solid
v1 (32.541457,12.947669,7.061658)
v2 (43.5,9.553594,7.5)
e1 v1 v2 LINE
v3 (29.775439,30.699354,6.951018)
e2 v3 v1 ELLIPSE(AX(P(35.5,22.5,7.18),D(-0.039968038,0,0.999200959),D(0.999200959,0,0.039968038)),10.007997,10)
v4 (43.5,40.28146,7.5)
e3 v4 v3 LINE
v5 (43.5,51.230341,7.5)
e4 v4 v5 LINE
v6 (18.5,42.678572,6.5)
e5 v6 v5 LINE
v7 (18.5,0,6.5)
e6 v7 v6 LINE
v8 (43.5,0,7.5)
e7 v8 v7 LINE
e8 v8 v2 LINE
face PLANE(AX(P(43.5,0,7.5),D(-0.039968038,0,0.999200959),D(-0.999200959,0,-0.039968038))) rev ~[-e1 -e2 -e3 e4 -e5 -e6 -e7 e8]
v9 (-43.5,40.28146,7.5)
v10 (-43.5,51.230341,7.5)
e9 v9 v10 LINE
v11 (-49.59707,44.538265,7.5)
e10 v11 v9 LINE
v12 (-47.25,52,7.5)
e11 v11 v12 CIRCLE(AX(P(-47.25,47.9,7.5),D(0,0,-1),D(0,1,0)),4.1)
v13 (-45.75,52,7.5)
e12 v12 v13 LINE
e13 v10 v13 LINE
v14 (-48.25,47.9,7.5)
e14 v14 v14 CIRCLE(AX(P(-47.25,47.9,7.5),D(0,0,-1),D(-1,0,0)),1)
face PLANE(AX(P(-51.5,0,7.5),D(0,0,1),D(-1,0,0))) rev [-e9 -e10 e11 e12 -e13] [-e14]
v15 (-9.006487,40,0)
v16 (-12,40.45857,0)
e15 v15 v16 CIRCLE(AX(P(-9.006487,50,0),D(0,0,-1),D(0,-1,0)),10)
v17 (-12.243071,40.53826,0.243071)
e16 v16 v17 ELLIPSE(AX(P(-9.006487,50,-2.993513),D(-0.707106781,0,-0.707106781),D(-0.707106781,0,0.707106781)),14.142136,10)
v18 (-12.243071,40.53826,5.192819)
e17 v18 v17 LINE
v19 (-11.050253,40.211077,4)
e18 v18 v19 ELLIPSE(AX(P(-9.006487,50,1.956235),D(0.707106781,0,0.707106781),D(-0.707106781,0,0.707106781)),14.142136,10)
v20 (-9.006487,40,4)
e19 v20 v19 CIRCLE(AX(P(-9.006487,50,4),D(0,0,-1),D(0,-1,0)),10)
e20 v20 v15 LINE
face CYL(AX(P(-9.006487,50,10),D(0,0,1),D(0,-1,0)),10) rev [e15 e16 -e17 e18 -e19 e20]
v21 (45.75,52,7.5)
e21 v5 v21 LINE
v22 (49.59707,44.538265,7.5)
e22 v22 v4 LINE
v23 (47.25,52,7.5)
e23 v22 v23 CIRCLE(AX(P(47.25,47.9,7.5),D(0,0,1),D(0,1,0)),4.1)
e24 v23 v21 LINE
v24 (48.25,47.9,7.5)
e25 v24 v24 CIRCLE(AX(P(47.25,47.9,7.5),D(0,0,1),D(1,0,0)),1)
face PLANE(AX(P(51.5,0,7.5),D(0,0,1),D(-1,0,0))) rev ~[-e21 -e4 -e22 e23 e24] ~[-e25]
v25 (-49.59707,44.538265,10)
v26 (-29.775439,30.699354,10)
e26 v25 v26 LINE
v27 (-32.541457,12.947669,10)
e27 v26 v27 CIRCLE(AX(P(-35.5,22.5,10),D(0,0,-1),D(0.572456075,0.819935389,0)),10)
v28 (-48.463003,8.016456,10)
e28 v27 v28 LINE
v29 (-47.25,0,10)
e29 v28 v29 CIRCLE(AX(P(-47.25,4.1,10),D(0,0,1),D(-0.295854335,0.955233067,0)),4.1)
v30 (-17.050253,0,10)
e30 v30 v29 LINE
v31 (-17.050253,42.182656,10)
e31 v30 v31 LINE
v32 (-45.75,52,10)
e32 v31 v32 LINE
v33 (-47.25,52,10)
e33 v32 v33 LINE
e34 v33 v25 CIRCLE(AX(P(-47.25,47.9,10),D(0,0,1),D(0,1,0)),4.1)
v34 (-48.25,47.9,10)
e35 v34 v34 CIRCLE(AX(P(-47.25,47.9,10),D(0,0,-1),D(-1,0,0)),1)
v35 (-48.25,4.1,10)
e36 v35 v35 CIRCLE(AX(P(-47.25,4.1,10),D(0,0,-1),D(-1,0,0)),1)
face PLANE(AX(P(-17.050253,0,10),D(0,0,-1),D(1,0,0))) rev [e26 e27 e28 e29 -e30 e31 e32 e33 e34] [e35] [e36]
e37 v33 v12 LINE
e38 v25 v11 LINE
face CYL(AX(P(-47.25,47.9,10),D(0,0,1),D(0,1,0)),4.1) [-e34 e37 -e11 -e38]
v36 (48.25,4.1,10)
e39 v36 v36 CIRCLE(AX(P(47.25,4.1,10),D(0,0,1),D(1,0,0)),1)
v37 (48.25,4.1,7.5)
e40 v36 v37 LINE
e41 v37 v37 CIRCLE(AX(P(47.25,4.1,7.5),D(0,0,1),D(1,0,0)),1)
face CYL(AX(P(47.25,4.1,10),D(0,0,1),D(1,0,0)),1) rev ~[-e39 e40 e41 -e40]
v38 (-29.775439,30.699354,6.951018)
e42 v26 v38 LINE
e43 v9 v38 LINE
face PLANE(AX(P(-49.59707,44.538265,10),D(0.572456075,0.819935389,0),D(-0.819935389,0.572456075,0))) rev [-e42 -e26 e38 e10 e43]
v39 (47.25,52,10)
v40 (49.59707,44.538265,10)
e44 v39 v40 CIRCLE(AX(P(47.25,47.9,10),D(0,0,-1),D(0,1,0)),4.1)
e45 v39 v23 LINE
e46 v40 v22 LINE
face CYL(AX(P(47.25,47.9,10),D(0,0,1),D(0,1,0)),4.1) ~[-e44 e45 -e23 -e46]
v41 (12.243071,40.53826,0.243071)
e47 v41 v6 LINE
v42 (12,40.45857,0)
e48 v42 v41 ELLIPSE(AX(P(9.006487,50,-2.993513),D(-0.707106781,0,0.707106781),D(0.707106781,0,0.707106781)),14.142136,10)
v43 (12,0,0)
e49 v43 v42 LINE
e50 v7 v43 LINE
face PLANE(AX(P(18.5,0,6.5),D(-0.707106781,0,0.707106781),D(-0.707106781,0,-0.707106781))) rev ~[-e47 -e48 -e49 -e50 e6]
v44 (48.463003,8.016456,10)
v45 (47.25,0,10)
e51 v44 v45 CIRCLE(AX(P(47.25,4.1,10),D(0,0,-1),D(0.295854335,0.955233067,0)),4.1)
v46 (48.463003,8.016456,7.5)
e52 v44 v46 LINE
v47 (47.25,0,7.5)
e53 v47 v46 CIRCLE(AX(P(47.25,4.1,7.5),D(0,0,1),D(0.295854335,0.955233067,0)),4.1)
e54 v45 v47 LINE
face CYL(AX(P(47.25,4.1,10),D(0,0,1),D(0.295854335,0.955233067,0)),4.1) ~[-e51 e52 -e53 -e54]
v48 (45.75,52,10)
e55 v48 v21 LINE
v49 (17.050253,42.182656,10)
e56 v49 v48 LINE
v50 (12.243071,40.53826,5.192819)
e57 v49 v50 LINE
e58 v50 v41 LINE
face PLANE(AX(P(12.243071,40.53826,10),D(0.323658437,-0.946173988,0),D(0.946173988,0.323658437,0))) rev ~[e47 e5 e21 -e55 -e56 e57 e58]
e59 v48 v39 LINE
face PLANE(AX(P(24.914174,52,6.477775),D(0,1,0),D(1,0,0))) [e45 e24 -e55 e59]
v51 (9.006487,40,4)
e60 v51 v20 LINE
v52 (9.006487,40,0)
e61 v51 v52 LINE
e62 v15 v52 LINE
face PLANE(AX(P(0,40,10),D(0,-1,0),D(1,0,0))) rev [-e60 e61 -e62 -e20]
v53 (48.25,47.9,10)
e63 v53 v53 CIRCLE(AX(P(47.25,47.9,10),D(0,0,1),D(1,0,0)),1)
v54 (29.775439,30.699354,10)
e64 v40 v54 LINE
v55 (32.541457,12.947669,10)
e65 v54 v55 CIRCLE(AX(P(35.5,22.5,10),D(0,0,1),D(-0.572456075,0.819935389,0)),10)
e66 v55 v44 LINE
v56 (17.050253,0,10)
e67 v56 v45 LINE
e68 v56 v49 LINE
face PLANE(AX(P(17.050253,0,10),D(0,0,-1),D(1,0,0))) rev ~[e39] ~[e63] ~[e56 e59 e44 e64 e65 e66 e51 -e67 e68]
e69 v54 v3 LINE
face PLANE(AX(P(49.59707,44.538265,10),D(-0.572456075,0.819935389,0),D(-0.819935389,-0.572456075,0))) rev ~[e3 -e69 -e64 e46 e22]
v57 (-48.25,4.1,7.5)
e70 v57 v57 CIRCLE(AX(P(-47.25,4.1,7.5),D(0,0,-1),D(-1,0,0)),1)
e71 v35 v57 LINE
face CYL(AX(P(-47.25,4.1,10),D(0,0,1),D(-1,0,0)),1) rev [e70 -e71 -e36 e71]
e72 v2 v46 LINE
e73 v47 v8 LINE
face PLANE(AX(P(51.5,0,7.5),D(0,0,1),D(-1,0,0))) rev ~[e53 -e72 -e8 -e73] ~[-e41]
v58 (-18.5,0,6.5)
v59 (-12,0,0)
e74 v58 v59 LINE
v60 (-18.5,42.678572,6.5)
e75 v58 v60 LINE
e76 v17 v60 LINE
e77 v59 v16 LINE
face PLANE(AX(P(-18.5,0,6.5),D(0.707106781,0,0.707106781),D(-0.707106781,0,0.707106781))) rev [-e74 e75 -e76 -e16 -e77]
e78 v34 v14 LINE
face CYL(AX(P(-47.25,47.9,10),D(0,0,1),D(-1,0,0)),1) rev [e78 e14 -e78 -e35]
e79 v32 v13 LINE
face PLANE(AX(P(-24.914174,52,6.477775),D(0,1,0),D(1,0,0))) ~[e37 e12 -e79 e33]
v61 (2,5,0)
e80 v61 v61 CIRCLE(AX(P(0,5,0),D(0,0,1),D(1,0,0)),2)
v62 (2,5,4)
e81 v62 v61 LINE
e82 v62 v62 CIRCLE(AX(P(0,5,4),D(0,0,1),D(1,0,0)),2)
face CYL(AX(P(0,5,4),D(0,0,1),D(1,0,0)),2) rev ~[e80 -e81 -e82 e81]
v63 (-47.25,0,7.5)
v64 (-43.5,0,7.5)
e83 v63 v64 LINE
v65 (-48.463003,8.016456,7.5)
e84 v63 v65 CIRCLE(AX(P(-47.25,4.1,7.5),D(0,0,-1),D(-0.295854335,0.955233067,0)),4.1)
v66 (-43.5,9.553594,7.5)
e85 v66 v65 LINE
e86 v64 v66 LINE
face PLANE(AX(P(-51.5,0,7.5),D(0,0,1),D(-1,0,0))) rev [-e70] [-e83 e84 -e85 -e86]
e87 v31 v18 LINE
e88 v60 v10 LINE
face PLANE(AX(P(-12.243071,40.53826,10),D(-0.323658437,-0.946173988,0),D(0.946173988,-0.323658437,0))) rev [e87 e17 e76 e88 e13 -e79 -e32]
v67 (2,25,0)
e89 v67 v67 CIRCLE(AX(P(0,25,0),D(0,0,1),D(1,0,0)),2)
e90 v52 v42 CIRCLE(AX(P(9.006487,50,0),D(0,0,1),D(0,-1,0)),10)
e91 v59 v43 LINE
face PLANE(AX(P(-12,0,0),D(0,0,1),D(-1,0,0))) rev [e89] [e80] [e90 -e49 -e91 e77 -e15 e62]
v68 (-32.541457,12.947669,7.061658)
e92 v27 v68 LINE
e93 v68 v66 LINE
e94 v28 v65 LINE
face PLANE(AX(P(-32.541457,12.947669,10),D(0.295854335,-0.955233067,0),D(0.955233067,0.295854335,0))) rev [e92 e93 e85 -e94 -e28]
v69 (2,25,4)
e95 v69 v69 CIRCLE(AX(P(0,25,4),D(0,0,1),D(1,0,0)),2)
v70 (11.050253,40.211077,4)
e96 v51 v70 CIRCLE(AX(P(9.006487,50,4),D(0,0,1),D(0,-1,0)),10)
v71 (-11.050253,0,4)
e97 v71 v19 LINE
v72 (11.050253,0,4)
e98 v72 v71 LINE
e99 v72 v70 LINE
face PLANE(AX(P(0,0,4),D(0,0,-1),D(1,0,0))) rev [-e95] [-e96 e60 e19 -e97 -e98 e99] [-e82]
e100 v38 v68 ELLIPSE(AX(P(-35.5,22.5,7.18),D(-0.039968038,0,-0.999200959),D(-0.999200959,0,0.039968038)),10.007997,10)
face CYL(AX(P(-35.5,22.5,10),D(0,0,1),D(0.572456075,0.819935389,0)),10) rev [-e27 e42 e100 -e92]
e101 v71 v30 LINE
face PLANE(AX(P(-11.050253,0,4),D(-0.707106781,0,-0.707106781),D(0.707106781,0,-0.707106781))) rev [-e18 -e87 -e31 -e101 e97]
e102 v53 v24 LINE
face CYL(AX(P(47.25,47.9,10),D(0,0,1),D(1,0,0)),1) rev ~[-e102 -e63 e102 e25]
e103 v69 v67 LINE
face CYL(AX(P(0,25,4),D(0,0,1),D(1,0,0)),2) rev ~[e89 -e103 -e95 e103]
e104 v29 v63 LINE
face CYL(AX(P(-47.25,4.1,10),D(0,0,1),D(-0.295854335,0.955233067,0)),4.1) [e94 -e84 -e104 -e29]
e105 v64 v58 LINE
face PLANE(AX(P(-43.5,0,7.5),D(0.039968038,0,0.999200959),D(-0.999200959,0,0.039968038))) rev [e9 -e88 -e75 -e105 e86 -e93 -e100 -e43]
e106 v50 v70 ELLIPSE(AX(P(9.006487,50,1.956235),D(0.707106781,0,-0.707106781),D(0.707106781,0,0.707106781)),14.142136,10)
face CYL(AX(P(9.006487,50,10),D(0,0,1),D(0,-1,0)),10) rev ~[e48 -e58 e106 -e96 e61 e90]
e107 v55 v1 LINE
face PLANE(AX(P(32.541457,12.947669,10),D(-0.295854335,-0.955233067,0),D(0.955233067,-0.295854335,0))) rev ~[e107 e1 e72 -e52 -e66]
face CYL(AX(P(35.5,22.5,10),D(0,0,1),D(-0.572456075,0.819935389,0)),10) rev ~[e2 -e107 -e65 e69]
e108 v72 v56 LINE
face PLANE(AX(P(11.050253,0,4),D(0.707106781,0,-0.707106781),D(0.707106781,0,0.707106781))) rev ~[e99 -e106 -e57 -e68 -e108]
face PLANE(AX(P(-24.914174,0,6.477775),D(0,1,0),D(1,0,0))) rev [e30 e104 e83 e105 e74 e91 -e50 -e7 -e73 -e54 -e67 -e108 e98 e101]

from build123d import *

# Parameters (mm, degrees)
BOSS_EXTRUDE1_DEPTH = 52
SKETCH2_R           = 1
CUT_EXTRUDE1_DEPTH  = 11
SKETCH3_R           = 2
CUT_EXTRUDE2_DEPTH  = 5


with BuildPart() as part:
    # Sketch1 → Boss-Extrude1 (new body)
    with BuildSketch(Plane(origin=(0, 0, 0), x_dir=(1, 0, 0), z_dir=(0, 1, 0))):
        Polygon((0, 0), (0, -4), (11.050252532, -4), (17.050252532, -10), (51.5, -10), (51.5, -7.5), (43.5, -7.5), (18.5, -6.5), (12, 0), align=None)
    extrude(amount=BOSS_EXTRUDE1_DEPTH)

    # Sketch2 → Cut-Extrude1 (cut, through all)
    with BuildSketch(Plane.XY.offset(10)):
        with Locations((47.25, 47.9)):
            Circle(SKETCH2_R)
        with Locations((47.25, 4.1)):
            Circle(SKETCH2_R)
        with BuildLine():
            Line((45.75, 52), (0, 52))
            Line((0, 52), (0, 40))
            Line((0, 40), (9.006487072, 40))
            ThreePointArc((9.006487072, 40), (10.647005463, 40.135482809), (12.243071445, 40.538260118))
            Line((12.243071445, 40.538260118), (45.75, 52))
        make_face()
        with BuildLine():
            Line((49.597069908, 44.538264905), (29.77543925, 30.69935389))
            ThreePointArc((29.77543925, 30.69935389), (25.619228249, 20.960406025), (32.541456651, 12.947669329))
            Line((32.541456651, 12.947669329), (48.463002773, 8.016455575))
            ThreePointArc((48.463002773, 8.016455575), (51.303854207, 3.486594693), (47.25, 0))
            Line((47.25, 0), (51.5, 0))
            Line((51.5, 0), (51.5, 52))
            Line((51.5, 52), (47.25, 52))
            ThreePointArc((47.25, 52), (51.161081301, 49.130220734), (49.597069908, 44.538264905))
        make_face()
    extrude(amount=-CUT_EXTRUDE1_DEPTH, mode=Mode.SUBTRACT)

    # Mirror1: part across plane


with BuildPart() as part_1:
    add(part.part)
    add(part.part.mirror(Plane(origin=(0, 52, 0), x_dir=(0, 0, 1), z_dir=(1, 0, 0))))

    # Sketch3 → Cut-Extrude2 (cut, through all)
    with BuildSketch(Plane.XY.offset(4)):
        with Locations((0, 5)):
            Circle(SKETCH3_R)
        with Locations((0, 25)):
            Circle(SKETCH3_R)
    extrude(amount=-CUT_EXTRUDE2_DEPTH, mode=Mode.SUBTRACT)


solid = part_1.part
